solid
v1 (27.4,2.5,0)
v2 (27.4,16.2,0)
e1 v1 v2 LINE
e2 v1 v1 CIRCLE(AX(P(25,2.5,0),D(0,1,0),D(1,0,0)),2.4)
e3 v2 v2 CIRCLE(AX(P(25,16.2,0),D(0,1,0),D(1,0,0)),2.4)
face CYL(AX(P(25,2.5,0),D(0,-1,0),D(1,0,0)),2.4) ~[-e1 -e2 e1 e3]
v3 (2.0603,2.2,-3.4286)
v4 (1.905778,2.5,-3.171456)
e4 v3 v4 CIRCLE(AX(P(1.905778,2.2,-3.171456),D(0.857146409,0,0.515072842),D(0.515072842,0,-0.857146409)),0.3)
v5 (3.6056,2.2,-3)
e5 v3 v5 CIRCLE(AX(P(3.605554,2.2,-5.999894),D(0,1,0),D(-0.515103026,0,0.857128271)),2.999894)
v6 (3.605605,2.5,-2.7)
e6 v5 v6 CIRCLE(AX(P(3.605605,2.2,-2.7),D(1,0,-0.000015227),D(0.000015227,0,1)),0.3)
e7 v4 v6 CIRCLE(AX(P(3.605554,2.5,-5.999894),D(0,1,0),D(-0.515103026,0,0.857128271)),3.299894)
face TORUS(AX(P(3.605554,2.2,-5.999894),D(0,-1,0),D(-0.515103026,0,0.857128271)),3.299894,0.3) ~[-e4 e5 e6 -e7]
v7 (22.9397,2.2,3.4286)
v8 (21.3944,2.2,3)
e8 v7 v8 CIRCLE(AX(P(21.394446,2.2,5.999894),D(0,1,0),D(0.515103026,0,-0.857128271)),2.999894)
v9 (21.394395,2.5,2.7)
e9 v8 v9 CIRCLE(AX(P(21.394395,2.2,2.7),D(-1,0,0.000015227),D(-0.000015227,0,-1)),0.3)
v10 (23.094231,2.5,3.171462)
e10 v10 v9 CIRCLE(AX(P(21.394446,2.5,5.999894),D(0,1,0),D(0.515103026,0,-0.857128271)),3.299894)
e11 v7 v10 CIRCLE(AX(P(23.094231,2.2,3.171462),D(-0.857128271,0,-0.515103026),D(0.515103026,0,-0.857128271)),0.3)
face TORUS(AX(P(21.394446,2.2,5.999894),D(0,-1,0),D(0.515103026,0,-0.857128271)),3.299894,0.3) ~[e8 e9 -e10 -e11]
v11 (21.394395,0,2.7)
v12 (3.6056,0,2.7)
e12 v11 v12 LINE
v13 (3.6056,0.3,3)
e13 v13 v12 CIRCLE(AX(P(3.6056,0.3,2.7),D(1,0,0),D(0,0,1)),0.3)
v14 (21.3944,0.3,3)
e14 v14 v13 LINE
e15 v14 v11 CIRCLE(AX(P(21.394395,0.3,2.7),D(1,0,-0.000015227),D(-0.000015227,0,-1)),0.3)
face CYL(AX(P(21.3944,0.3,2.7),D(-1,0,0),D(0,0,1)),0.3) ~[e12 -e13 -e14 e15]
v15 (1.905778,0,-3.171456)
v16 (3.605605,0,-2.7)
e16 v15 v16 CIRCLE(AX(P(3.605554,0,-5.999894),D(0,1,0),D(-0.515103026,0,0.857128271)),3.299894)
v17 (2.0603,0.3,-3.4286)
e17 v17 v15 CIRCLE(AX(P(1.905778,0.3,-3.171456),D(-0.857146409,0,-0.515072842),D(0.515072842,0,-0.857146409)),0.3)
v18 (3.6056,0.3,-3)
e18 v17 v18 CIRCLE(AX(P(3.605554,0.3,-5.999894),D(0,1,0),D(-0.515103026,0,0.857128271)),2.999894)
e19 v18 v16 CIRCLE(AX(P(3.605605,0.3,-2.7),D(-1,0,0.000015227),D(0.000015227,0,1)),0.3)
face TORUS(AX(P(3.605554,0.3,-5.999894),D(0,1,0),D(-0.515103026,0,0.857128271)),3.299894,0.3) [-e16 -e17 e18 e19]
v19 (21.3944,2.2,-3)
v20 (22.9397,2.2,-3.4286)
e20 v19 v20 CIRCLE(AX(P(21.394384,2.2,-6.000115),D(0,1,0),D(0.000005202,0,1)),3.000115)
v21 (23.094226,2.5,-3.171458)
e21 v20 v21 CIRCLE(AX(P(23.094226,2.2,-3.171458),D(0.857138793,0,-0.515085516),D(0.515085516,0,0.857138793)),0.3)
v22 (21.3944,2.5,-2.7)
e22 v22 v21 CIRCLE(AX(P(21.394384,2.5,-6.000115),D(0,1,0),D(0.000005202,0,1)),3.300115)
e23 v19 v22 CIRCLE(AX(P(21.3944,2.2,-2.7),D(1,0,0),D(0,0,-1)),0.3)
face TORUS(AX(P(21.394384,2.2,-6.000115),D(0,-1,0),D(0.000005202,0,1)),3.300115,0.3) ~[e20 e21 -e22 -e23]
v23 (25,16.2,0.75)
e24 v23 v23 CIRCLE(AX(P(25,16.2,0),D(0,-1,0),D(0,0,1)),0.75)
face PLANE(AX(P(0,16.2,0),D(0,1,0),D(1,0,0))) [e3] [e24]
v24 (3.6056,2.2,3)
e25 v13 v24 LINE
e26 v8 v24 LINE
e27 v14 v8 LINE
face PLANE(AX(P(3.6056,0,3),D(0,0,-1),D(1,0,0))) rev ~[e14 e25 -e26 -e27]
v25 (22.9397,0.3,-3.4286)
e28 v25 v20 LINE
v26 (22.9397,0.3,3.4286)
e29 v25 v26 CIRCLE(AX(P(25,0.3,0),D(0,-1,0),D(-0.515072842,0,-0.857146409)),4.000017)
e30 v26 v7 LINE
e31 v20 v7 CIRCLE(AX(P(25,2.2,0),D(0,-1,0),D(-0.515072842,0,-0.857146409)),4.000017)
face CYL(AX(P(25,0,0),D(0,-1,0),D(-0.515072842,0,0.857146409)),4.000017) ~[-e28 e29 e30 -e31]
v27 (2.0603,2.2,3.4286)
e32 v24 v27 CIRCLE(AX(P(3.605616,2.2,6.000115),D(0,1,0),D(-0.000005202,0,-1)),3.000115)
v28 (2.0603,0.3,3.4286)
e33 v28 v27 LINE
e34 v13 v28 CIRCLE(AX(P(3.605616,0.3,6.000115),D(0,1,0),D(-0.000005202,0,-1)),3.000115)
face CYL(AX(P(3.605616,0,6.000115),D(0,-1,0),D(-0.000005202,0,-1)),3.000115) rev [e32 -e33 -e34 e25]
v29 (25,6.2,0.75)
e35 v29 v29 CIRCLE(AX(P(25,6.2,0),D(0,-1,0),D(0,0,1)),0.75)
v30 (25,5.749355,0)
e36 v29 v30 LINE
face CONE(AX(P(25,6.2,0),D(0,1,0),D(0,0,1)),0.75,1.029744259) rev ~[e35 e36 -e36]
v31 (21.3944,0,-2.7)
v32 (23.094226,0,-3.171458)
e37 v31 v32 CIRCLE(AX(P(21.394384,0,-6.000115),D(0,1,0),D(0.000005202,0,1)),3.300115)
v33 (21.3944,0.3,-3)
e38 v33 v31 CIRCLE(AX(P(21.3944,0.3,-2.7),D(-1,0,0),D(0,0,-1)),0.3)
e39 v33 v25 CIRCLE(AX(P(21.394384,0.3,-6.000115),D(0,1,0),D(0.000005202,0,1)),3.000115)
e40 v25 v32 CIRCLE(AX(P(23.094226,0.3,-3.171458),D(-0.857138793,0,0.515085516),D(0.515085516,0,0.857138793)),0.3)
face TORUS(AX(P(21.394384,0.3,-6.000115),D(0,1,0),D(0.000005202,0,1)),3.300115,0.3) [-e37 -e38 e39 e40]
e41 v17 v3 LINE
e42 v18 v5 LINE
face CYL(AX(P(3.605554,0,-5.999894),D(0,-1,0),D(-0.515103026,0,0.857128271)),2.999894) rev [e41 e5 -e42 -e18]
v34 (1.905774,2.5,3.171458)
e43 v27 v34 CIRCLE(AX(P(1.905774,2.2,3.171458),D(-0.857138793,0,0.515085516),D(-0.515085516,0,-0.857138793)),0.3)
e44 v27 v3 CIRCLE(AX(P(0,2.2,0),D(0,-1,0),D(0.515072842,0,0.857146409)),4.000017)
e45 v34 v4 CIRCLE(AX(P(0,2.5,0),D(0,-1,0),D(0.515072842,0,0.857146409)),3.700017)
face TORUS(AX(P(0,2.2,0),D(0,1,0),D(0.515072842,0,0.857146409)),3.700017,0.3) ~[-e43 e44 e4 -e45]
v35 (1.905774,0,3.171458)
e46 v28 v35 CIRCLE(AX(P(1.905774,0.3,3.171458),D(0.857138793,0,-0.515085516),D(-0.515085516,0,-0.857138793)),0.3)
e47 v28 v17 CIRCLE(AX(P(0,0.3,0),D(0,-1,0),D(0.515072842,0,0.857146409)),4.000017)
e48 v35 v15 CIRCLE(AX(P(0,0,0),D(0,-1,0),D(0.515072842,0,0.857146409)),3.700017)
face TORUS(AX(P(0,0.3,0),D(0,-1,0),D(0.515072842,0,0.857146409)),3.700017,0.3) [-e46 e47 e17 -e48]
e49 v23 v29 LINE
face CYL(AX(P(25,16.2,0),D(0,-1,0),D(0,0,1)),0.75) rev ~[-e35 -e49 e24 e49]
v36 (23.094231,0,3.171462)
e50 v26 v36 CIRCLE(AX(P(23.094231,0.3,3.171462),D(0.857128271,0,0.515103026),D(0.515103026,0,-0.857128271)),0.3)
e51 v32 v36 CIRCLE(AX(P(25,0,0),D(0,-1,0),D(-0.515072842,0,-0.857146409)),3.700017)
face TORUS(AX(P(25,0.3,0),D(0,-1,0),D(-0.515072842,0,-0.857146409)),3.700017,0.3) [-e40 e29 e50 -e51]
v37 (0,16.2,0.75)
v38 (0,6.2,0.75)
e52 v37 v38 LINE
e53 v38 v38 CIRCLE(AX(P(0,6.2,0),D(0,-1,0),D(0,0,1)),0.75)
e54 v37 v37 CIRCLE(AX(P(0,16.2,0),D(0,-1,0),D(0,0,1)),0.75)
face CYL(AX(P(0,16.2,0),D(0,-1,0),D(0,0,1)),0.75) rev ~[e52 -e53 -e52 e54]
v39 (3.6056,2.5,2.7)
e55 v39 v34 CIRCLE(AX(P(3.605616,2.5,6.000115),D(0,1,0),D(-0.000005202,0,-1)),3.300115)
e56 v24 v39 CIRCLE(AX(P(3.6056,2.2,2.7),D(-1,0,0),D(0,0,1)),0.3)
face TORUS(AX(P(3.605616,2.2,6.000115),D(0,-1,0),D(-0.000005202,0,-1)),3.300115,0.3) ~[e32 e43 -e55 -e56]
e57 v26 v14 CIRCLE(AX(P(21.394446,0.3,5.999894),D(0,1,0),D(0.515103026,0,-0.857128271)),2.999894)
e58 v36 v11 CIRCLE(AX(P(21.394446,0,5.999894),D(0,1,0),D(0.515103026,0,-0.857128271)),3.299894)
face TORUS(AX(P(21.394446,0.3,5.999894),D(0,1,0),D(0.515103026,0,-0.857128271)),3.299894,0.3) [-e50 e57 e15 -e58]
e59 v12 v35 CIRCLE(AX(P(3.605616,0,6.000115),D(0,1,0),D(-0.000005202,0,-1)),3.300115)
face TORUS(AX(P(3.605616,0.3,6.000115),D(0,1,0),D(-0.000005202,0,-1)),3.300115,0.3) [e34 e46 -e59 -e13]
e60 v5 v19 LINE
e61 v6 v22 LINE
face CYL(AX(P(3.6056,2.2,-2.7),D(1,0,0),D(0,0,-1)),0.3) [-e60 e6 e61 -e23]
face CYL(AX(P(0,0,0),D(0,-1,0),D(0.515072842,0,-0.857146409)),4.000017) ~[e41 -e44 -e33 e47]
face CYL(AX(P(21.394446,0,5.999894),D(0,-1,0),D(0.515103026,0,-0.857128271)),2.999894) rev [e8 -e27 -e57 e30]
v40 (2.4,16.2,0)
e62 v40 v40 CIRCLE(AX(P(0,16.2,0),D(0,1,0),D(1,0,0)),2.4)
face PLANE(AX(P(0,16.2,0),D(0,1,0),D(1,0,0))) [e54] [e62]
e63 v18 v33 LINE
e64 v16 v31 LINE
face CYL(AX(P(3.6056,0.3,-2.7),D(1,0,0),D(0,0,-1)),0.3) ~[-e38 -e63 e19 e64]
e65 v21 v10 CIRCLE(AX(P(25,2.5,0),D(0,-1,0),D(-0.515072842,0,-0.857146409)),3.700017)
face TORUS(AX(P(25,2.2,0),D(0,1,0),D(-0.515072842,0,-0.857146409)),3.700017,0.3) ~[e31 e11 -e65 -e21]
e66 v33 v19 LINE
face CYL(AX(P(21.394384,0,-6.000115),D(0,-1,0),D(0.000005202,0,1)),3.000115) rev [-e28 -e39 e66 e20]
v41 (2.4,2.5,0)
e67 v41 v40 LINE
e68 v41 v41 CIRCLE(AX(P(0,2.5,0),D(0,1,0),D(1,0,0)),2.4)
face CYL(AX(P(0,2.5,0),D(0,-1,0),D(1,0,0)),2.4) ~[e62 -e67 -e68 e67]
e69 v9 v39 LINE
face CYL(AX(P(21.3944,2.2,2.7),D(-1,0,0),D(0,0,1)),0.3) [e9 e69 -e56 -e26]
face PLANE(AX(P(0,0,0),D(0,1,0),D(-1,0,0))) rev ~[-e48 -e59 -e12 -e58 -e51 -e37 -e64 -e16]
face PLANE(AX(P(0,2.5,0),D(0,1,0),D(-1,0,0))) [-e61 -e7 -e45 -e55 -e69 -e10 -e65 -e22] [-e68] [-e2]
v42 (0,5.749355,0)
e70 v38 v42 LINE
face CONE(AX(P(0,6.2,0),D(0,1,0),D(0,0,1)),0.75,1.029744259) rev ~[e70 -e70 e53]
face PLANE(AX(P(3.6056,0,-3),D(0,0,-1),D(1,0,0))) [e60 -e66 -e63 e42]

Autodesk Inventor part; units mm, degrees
ref_plane "YZ Plane" through (0, 0, 0) normal (1, 0, 0) x (0, 1, 0)
ref_plane "XZ Plane" through (0, 0, 0) normal (0, 1, 0) x (-1, 0, 0)
ref_plane "XY Plane" through (0, 0, 0) normal (0, 0, 1) x (1, 0, 0)
sketch "Esboço1" plane through (0, 0, 0) normal (0, 1, 0) x (-1, 0, 0)
  arc A0 (-2.0603, -3.4286) -> (-2.0603, 3.4286) centre (0, 0) ccw
  arc A1 (-22.9397, 3.4286) -> (-22.9397, -3.4286) centre (-25, 0) ccw
  line L0 (-3.6056, -3) -> (-21.3944, -3)
  line L1 (-3.6056, 3) -> (-21.3944, 3)
  arc A2 (-2.0603, -3.4286) -> (-3.6056, -3) centre (-3.6056, -6) ccw
  arc A3 (-3.6056, 3) -> (-2.0603, 3.4286) centre (-3.6056, 6) ccw
  arc A4 (-21.3944, -3) -> (-22.9397, -3.4286) centre (-21.3944, -6) ccw
  arc A5 (-22.9397, 3.4286) -> (-21.3944, 3) centre (-21.3944, 6) ccw
  point P0 (-2.6458, -3)
  point P1 (-22.3542, -3)
  point P2 (-2.6458, 3)
  point P3 (-22.3542, 3)
  dimension "d3" = 6
  dimension "d5" = 3
  dimension "d11" = 25
  dimension "d13" = 4
extrude "Extrusão1" add sketch "Esboço1" along normal blind 2.5
fillet "Arredondamento1" radius 0.3 16 edges at (22.1962, 0, 3.1091) (29, 0, 0) (22.1962, 0, -3.1091) (12.5, 0, -3) (2.8038, 0, -3.1091) (-4, 0, 0) (2.8038, 0, 3.1091) (12.5, 0, 3) (22.1962, 2.5, 3.1091) (29, 2.5, 0) (22.1962, 2.5, -3.1091) (12.5, 2.5, -3) (2.8038, 2.5, -3.1091) (-4, 2.5, 0) (2.8038, 2.5, 3.1091) (12.5, 2.5, 3)
sketch "Esboço2" plane through (0, 2.5, 0) normal (0, 1, 0) x (1, 0, 0)
  circle A0 centre (0, 0) radius 2.4
  circle A1 centre (25, 0) radius 2.4
  arc A2 (23.0942, -3.1714) -> (23.0942, 3.1714) centre (25, 0) ccw projected
  dimension "d14" = 4.8
extrude "Extrusão2" add sketch "Esboço2" along normal blind 13.7
sketch "Esboço3" plane through (0, 16.2, 0) normal (0, 1, 0) x (1, 0, 0)
  circle A0 centre (0, 0) radius 2.4 projected
  circle A1 centre (25, 0) radius 2.4 projected
hole "Furo1" at (0, 16.2, 0) at (25, 16.2, 0) direction (0, -1, 0) diameter 1.5 depth 10 tip angle 118
properties part number "_3DPrint"
